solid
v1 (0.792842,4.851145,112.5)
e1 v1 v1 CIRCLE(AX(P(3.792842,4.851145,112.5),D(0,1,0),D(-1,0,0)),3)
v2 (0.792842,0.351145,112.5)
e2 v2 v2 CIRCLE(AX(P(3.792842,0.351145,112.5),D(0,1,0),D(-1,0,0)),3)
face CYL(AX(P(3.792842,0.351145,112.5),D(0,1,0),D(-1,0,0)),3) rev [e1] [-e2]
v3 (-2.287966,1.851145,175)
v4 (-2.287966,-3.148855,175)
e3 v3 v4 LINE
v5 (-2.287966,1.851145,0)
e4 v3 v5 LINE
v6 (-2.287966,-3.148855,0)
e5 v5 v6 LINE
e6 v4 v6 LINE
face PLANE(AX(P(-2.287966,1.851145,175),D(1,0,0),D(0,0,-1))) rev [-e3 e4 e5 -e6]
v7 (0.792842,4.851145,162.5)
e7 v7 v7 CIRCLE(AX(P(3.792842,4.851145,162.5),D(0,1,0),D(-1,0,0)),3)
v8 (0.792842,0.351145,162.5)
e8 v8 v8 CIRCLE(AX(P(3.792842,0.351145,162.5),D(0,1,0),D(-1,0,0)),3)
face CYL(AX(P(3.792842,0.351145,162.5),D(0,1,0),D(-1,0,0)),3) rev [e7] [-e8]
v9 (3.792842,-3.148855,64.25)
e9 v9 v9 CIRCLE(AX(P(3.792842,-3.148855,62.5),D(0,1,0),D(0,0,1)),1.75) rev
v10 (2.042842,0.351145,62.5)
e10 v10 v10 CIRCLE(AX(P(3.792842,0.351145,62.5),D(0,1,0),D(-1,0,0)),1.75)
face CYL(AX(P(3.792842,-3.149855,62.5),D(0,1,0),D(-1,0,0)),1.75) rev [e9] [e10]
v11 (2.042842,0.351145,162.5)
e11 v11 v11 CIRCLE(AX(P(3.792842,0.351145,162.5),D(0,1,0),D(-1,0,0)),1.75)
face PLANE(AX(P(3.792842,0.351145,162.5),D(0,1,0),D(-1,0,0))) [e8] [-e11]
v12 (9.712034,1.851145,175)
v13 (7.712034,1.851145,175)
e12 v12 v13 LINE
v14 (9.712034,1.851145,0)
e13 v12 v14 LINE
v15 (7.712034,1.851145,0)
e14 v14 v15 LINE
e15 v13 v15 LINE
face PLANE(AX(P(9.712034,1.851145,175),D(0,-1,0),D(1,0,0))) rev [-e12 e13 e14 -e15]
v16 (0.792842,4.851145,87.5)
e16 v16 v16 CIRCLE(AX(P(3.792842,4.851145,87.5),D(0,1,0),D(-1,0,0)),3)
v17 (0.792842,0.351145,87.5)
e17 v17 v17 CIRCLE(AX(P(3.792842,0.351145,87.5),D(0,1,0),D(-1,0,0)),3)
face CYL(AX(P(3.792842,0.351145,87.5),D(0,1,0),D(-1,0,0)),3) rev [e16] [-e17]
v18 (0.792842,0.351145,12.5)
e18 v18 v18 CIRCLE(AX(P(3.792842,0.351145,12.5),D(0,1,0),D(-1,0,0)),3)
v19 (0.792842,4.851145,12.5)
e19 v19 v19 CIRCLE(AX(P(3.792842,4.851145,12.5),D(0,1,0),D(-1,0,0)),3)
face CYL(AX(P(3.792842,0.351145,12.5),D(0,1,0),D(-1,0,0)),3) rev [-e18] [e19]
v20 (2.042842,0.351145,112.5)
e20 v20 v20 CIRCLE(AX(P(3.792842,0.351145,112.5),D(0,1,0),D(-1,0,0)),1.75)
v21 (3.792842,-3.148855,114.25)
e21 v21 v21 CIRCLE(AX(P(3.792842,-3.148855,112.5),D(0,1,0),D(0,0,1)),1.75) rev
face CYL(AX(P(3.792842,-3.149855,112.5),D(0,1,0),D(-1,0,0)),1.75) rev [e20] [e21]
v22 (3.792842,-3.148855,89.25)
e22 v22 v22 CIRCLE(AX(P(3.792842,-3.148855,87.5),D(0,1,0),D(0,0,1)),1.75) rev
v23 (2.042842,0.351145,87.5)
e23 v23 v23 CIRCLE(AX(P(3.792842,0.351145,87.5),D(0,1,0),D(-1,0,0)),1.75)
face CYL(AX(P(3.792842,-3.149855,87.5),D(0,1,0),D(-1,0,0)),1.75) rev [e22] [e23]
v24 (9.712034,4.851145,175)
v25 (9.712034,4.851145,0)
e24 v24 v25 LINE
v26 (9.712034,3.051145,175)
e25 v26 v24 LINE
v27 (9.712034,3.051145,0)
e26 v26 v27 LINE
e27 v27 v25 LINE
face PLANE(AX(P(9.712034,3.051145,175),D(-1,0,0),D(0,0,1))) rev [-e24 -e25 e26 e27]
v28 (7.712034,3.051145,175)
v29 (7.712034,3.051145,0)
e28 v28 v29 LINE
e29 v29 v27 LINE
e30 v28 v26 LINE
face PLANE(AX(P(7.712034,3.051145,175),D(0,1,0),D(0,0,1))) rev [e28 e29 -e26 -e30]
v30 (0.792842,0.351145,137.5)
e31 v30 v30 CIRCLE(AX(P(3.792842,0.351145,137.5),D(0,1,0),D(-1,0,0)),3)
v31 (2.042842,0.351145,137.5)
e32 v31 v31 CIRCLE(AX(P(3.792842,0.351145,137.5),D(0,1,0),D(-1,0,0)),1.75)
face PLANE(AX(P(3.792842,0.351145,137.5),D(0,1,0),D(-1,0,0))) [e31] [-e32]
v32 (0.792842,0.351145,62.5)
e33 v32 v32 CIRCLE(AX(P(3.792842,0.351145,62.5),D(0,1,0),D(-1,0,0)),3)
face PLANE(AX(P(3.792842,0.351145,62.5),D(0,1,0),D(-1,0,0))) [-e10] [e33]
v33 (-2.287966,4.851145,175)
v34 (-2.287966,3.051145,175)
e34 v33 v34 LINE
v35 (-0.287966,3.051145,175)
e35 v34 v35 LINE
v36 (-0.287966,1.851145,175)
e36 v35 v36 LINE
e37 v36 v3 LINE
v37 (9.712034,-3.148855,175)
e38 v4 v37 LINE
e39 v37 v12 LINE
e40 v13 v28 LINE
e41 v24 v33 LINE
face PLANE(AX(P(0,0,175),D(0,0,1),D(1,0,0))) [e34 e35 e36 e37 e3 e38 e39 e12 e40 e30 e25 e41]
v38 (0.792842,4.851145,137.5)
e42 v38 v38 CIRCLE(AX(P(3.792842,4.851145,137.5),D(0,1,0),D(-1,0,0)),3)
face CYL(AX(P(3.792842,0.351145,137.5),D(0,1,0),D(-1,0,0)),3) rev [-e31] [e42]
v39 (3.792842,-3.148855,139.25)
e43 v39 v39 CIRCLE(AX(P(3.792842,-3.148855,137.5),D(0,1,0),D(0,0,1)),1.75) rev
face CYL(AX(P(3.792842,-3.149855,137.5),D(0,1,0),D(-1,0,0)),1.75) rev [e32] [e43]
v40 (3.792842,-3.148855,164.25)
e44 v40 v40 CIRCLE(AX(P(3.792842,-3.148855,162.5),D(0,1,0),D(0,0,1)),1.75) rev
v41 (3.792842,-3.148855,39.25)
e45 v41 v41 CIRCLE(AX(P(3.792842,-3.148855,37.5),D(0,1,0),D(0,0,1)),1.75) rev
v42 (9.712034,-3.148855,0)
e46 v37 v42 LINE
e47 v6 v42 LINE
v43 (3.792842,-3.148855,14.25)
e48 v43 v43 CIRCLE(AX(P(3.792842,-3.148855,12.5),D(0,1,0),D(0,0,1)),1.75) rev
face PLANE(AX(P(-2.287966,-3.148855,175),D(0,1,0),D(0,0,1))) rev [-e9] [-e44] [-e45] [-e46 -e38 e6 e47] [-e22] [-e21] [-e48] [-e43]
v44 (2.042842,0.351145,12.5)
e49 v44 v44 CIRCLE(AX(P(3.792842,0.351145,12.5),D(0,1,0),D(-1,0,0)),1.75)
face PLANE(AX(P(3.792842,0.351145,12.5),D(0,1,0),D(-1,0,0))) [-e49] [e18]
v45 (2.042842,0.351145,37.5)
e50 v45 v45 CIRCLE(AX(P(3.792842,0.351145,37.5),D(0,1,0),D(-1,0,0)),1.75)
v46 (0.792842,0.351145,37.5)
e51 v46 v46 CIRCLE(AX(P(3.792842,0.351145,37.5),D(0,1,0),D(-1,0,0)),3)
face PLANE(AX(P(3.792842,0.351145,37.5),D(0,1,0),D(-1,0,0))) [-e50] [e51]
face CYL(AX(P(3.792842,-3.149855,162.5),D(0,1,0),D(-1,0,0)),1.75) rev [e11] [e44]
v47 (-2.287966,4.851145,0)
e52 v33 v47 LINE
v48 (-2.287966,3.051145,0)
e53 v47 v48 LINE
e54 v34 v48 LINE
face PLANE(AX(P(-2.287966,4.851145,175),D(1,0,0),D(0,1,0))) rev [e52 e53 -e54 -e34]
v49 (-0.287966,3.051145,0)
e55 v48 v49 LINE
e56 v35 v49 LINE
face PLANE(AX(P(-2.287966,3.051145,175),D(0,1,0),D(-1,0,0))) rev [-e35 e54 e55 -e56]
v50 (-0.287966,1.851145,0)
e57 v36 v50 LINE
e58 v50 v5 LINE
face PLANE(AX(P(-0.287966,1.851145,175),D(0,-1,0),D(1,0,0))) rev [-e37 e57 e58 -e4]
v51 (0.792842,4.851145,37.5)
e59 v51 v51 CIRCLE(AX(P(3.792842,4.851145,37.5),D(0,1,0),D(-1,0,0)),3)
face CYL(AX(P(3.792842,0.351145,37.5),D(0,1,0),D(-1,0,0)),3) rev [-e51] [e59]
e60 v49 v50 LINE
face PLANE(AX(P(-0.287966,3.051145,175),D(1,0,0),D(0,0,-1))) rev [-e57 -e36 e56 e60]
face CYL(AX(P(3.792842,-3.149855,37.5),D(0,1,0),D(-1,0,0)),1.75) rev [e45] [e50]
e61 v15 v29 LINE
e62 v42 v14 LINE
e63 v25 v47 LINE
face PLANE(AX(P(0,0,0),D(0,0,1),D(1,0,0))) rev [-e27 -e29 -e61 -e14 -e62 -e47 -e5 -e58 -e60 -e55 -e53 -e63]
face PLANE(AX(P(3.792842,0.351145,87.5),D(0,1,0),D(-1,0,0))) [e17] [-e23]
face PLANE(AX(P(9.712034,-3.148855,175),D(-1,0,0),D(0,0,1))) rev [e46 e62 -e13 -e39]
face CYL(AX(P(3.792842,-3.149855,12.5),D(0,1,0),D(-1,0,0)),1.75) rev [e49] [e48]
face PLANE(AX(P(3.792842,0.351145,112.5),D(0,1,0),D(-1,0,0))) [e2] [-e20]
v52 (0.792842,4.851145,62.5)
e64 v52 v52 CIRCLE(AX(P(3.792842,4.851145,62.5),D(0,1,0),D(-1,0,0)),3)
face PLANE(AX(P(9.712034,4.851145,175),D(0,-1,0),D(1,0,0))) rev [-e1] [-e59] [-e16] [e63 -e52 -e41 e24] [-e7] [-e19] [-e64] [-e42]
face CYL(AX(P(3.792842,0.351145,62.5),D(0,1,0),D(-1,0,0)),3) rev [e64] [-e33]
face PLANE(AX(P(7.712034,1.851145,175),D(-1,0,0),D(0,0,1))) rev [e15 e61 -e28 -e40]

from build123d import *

# Parameters (mm, degrees)
BOSS_EXTRU_1_DEPTH      = 175
ESQUISSE2_R             = 3
ENL_V_MAT_EXTRU_1_DEPTH = 4.5
ENL_V_MAT_EXTRU_2_REACH = 177.327
ESQUISSE3_R             = 1.75


with BuildPart() as part:
    # Esquisse1 → Boss.-Extru.1 (new body)
    with BuildSketch(Plane.XY):
        Polygon((-2.287966089, -3.148854962), (9.712033911, -3.148854962), (9.712033911, 1.851145038), (7.712033911, 1.851145038), (7.712033911, 3.051145038), (9.712033911, 3.051145038), (9.712033911, 4.851145038), (-2.287966089, 4.851145038), (-2.287966089, 3.051145038), (-0.287966089, 3.051145038), (-0.287966089, 1.851145038), (-2.287966089, 1.851145038), align=None)
    extrude(amount=BOSS_EXTRU_1_DEPTH)

    # Esquisse2 → Enlèv. mat.-Extru.1 (cut)
    with BuildSketch(Plane(origin=(0, 4.851145038, 0), x_dir=(1, 0, 0), z_dir=(0, 1, 0))):
        with Locations(Location((3.792841972, -162.5, 0), (0, 0, 180))):
            Circle(ESQUISSE2_R)
        with Locations(Location((3.792841972, -137.5, 0), (0, 0, 180))):
            Circle(ESQUISSE2_R)
        with Locations(Location((3.792841972, -112.5, 0), (0, 0, 180))):
            Circle(ESQUISSE2_R)
        with Locations(Location((3.792841972, -87.5, 0), (0, 0, 180))):
            Circle(ESQUISSE2_R)
        with Locations(Location((3.792841972, -62.5, 0), (0, 0, 180))):
            Circle(ESQUISSE2_R)
        with Locations(Location((3.792841972, -37.5, 0), (0, 0, 180))):
            Circle(ESQUISSE2_R)
        with Locations(Location((3.792841972, -12.5, 0), (0, 0, 180))):
            Circle(ESQUISSE2_R)
    extrude(amount=-ENL_V_MAT_EXTRU_1_DEPTH, mode=Mode.SUBTRACT)

    # Esquisse3 → Enlèv. mat.-Extru.2 (cut, up to next)
    with BuildSketch(Plane(origin=(0, 0.351145038, 0), x_dir=(1, 0, 0), z_dir=(0, 1, 0)), mode=Mode.PRIVATE) as enl_v_mat_extru_2_sk1:
        with Locations(Location((3.792841972, -162.5, 0), (0, 0, 180))):
            Circle(ESQUISSE3_R)
    enl_v_mat_extru_2_tool1 = extrude(enl_v_mat_extru_2_sk1.sketch, amount=-ENL_V_MAT_EXTRU_2_REACH, mode=Mode.PRIVATE) & part.part
    # Esquisse3 → Enlèv. mat.-Extru.2 (cut, up to next)
    with BuildSketch(Plane(origin=(0, 0.351145038, 0), x_dir=(1, 0, 0), z_dir=(0, 1, 0)), mode=Mode.PRIVATE) as enl_v_mat_extru_2_sk2:
        with Locations(Location((3.792841972, -137.5, 0), (0, 0, 180))):
            Circle(ESQUISSE3_R)
    enl_v_mat_extru_2_tool2 = extrude(enl_v_mat_extru_2_sk2.sketch, amount=-ENL_V_MAT_EXTRU_2_REACH, mode=Mode.PRIVATE) & part.part
    # Esquisse3 → Enlèv. mat.-Extru.2 (cut, up to next)
    with BuildSketch(Plane(origin=(0, 0.351145038, 0), x_dir=(1, 0, 0), z_dir=(0, 1, 0)), mode=Mode.PRIVATE) as enl_v_mat_extru_2_sk3:
        with Locations(Location((3.792841972, -112.5, 0), (0, 0, 180))):
            Circle(ESQUISSE3_R)
    enl_v_mat_extru_2_tool3 = extrude(enl_v_mat_extru_2_sk3.sketch, amount=-ENL_V_MAT_EXTRU_2_REACH, mode=Mode.PRIVATE) & part.part
    # Esquisse3 → Enlèv. mat.-Extru.2 (cut, up to next)
    with BuildSketch(Plane(origin=(0, 0.351145038, 0), x_dir=(1, 0, 0), z_dir=(0, 1, 0)), mode=Mode.PRIVATE) as enl_v_mat_extru_2_sk4:
        with Locations(Location((3.792841972, -87.5, 0), (0, 0, 180))):
            Circle(ESQUISSE3_R)
    enl_v_mat_extru_2_tool4 = extrude(enl_v_mat_extru_2_sk4.sketch, amount=-ENL_V_MAT_EXTRU_2_REACH, mode=Mode.PRIVATE) & part.part
    # Esquisse3 → Enlèv. mat.-Extru.2 (cut, up to next)
    with BuildSketch(Plane(origin=(0, 0.351145038, 0), x_dir=(1, 0, 0), z_dir=(0, 1, 0)), mode=Mode.PRIVATE) as enl_v_mat_extru_2_sk5:
        with Locations(Location((3.792841972, -62.5, 0), (0, 0, 180))):
            Circle(ESQUISSE3_R)
    enl_v_mat_extru_2_tool5 = extrude(enl_v_mat_extru_2_sk5.sketch, amount=-ENL_V_MAT_EXTRU_2_REACH, mode=Mode.PRIVATE) & part.part
    # Esquisse3 → Enlèv. mat.-Extru.2 (cut, up to next)
    with BuildSketch(Plane(origin=(0, 0.351145038, 0), x_dir=(1, 0, 0), z_dir=(0, 1, 0)), mode=Mode.PRIVATE) as enl_v_mat_extru_2_sk6:
        with Locations(Location((3.792841972, -37.5, 0), (0, 0, 180))):
            Circle(ESQUISSE3_R)
    enl_v_mat_extru_2_tool6 = extrude(enl_v_mat_extru_2_sk6.sketch, amount=-ENL_V_MAT_EXTRU_2_REACH, mode=Mode.PRIVATE) & part.part
    # Esquisse3 → Enlèv. mat.-Extru.2 (cut, up to next)
    with BuildSketch(Plane(origin=(0, 0.351145038, 0), x_dir=(1, 0, 0), z_dir=(0, 1, 0)), mode=Mode.PRIVATE) as enl_v_mat_extru_2_sk7:
        with Locations(Location((3.792841972, -12.5, 0), (0, 0, 180))):
            Circle(ESQUISSE3_R)
    enl_v_mat_extru_2_tool7 = extrude(enl_v_mat_extru_2_sk7.sketch, amount=-ENL_V_MAT_EXTRU_2_REACH, mode=Mode.PRIVATE) & part.part
    add(enl_v_mat_extru_2_tool1.solids().sort_by_distance((3.792842, 0.351145, 162.5))[0], mode=Mode.SUBTRACT)
    add(enl_v_mat_extru_2_tool2.solids().sort_by_distance((3.792842, 0.351145, 137.5))[0], mode=Mode.SUBTRACT)
    add(enl_v_mat_extru_2_tool3.solids().sort_by_distance((3.792842, 0.351145, 112.5))[0], mode=Mode.SUBTRACT)
    add(enl_v_mat_extru_2_tool4.solids().sort_by_distance((3.792842, 0.351145, 87.5))[0], mode=Mode.SUBTRACT)
    add(enl_v_mat_extru_2_tool5.solids().sort_by_distance((3.792842, 0.351145, 62.5))[0], mode=Mode.SUBTRACT)
    add(enl_v_mat_extru_2_tool6.solids().sort_by_distance((3.792842, 0.351145, 37.5))[0], mode=Mode.SUBTRACT)
    add(enl_v_mat_extru_2_tool7.solids().sort_by_distance((3.792842, 0.351145, 12.5))[0], mode=Mode.SUBTRACT)


solid = part.part
